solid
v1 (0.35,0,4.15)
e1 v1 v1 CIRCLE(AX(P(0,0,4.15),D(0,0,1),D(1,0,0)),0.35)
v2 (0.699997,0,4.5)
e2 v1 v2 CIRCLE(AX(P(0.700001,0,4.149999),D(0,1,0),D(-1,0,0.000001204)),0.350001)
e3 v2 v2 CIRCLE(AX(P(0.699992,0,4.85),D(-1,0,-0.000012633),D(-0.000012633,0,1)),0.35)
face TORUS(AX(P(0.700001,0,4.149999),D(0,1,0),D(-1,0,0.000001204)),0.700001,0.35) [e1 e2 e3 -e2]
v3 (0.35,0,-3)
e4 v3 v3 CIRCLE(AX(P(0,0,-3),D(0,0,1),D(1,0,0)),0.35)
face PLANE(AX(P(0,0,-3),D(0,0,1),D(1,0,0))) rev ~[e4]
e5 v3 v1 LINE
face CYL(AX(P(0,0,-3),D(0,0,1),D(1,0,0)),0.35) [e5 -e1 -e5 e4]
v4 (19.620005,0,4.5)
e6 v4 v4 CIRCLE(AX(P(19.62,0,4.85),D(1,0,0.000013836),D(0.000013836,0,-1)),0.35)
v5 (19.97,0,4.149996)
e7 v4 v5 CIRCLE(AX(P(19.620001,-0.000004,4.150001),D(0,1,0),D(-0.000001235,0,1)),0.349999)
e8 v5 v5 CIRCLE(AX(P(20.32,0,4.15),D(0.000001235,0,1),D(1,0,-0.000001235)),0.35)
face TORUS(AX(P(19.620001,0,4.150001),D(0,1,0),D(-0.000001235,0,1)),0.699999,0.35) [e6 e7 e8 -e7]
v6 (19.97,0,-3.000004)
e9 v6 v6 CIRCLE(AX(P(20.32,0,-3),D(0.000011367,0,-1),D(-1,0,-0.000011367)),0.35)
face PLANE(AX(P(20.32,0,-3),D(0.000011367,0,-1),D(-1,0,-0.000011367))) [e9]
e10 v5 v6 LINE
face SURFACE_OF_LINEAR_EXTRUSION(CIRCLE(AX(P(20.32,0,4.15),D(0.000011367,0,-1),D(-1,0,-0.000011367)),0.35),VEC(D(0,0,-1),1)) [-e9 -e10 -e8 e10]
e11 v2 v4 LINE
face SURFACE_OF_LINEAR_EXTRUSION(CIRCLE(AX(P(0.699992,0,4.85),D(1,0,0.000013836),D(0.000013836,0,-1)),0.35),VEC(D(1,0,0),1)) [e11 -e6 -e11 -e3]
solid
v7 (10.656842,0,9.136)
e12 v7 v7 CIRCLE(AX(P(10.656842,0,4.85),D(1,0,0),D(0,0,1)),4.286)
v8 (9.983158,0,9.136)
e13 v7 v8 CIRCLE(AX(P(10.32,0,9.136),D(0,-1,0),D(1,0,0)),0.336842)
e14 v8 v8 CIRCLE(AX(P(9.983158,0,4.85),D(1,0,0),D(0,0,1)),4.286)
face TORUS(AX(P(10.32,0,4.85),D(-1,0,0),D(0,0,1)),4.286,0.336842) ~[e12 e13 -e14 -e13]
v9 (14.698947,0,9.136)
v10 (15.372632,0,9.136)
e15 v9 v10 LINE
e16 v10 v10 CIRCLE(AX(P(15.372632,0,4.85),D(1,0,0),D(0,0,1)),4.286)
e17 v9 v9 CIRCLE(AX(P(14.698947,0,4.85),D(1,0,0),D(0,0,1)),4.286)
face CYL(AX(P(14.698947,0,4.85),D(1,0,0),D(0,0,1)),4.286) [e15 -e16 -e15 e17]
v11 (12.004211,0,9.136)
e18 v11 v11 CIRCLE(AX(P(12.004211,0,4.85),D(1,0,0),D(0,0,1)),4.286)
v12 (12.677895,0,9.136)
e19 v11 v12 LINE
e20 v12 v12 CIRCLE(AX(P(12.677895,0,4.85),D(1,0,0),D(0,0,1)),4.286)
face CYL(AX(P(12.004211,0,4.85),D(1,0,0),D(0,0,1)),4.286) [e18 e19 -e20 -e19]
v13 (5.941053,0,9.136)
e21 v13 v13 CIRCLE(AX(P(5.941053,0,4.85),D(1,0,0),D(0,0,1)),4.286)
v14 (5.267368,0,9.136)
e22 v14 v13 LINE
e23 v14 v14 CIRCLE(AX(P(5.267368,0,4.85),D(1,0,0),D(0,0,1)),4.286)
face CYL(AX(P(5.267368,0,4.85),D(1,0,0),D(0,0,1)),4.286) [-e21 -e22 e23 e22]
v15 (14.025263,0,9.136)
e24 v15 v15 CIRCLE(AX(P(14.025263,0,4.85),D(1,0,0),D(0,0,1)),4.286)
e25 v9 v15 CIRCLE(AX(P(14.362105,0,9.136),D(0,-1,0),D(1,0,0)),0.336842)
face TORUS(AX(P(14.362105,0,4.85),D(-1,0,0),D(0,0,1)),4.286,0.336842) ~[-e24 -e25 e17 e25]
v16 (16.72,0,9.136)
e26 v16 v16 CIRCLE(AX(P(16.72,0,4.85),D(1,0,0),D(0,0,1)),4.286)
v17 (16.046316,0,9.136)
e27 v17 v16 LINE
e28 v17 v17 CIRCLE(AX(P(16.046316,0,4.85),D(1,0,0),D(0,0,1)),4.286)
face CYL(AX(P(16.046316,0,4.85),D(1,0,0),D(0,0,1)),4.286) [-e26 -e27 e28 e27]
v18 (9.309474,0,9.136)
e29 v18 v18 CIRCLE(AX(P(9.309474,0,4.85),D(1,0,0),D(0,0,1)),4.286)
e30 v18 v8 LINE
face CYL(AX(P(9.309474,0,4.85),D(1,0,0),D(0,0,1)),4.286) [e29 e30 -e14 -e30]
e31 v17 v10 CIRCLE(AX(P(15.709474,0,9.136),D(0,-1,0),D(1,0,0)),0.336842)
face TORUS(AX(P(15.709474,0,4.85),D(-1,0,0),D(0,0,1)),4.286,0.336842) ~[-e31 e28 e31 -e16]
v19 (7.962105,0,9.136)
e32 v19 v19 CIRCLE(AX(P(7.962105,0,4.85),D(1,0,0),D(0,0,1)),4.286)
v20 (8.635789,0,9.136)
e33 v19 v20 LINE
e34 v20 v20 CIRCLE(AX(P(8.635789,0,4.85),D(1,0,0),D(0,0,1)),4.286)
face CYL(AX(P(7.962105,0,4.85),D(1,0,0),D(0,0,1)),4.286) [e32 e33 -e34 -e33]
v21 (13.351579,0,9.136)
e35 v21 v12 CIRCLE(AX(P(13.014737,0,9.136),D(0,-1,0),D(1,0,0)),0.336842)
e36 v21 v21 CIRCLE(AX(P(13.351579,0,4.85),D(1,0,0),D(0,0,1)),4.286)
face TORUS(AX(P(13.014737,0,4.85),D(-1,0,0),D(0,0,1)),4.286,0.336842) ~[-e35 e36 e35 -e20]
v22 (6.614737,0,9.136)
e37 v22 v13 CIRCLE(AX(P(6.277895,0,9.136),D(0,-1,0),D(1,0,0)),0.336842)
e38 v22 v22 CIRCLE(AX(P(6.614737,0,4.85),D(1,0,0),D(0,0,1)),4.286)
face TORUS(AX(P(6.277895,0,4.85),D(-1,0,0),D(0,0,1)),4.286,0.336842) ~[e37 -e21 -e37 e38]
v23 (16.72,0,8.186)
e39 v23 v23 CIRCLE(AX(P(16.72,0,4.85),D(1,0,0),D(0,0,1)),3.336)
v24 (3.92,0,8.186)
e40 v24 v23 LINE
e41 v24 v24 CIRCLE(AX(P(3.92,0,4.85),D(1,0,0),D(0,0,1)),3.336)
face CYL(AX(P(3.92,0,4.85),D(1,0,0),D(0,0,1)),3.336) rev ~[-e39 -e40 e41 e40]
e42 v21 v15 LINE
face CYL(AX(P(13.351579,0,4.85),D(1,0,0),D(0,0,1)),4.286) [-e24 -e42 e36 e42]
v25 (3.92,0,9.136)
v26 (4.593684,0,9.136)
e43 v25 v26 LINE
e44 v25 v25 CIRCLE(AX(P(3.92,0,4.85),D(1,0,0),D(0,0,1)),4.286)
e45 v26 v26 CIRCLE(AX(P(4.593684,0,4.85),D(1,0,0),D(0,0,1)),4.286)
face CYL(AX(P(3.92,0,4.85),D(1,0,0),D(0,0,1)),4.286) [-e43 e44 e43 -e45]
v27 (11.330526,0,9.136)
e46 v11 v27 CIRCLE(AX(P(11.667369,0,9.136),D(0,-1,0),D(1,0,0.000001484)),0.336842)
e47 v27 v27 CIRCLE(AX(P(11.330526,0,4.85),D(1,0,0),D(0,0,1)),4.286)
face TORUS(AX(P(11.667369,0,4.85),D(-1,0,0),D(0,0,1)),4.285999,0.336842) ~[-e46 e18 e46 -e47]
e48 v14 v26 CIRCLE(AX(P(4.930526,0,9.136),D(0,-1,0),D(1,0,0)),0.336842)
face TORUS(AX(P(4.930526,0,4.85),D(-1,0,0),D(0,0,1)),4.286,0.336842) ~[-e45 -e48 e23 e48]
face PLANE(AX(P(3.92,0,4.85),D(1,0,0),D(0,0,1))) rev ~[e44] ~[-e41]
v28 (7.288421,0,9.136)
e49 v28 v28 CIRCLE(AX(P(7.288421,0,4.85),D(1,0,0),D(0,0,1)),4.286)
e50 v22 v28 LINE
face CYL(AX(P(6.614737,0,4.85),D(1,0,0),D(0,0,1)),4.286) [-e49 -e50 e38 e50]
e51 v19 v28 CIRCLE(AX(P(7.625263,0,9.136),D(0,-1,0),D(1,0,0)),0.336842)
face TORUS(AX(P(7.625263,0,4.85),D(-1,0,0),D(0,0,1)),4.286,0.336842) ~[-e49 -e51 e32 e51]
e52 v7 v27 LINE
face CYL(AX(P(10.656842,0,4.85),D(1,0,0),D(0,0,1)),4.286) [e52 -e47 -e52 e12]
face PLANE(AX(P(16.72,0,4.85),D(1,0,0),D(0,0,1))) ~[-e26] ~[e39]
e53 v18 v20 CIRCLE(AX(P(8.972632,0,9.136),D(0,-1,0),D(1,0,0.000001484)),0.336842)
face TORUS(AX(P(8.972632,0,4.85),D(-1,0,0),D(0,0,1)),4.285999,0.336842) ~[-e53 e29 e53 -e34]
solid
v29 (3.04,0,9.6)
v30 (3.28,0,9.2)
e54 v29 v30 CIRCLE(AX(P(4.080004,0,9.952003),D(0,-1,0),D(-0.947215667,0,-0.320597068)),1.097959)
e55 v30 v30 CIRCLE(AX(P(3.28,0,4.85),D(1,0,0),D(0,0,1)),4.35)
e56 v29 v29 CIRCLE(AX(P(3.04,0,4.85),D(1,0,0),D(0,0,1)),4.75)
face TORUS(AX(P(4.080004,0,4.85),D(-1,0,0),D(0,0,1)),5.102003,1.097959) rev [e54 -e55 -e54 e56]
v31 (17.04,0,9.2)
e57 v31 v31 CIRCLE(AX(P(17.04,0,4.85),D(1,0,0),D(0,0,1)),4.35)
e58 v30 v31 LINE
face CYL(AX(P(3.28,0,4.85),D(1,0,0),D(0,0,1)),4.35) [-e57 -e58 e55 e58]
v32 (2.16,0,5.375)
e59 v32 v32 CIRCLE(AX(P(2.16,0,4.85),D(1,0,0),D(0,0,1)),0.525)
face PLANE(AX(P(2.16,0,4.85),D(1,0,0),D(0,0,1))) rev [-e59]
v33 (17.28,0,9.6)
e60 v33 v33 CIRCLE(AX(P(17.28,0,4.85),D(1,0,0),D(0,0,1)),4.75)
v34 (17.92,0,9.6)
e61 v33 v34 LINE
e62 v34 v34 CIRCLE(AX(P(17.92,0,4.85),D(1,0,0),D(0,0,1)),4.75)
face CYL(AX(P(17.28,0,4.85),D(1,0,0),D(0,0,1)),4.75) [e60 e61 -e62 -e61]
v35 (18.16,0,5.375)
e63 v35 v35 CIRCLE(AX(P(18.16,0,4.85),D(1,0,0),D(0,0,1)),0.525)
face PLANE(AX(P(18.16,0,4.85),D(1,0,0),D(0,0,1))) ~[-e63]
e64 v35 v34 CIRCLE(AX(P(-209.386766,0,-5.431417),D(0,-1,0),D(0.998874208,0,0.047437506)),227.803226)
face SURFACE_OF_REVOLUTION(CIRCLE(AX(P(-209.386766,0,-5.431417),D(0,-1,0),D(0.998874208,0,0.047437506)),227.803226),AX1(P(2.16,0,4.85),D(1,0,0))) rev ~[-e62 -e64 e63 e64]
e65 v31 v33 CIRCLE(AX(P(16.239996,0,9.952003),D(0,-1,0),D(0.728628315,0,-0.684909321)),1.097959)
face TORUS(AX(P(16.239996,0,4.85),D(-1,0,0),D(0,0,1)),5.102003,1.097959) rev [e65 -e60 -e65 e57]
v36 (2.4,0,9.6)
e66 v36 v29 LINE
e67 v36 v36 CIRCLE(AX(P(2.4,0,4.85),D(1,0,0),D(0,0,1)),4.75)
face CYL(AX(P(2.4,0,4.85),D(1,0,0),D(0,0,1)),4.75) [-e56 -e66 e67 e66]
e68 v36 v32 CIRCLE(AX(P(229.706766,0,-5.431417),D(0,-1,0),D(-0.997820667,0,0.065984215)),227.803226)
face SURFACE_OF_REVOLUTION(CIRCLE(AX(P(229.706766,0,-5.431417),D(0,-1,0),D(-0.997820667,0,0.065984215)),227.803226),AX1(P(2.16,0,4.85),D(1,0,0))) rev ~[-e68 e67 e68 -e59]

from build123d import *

# Parameters (mm, degrees)
SKETCH_R = 0.35


with BuildPart() as revolution:
    # Sketch002 → Revolution (revolve)
    with BuildSketch(Plane.XZ):
        with BuildLine():
            Line((2.4, 9.6), (3.04, 9.6))
            ThreePointArc((3.04, 9.6), (3.138512, 9.387107), (3.28, 9.2))
            Line((3.28, 9.2), (17.04, 9.2))
            ThreePointArc((17.04, 9.2), (17.181488, 9.387107), (17.28, 9.6))
            Line((17.28, 9.6), (17.92, 9.6))
            ThreePointArc((18.16, 5.375), (18.049811, 7.488057), (17.92, 9.6))
            Line((18.16, 4.85), (18.16, 5.375))
            Line((2.16, 4.85), (18.16, 4.85))
            Line((2.16, 4.85), (2.16, 5.375))
            ThreePointArc((2.4, 9.6), (2.270189, 7.488057), (2.16, 5.375))
        make_face()
    revolve(axis=Axis((2.16, 0, 4.85), (1, 0, 0)))


with BuildPart() as sweep_body:
    # Sweep: sweep along a path in Sketch001
    with BuildLine(Plane.XZ) as sweep_path:
        Line((0, -3), (0, 4.15))
        ThreePointArc((0, 4.15), (0.205023, 4.644972), (0.699992, 4.85))
        Line((0.699992, 4.85), (19.62, 4.85))
        ThreePointArc((19.62, 4.85), (20.114975, 4.644975), (20.32, 4.15))
        Line((20.32, 4.15), (20.32, -3))
    # Sketch → Sweep (sweep)
    with BuildSketch(Plane.XY.offset(-2)):
        Circle(SKETCH_R)
    sweep(path=sweep_path.line)


with BuildPart() as revolution001:
    # Sketch003 → Revolution001 (revolve)
    with BuildSketch(Plane.XZ):
        with BuildLine():
            ThreePointArc((5.267368, 9.136), (4.930526, 9.472842), (4.593684, 9.136))
            Line((3.92, 9.136), (4.593684, 9.136))
            Line((3.92, 9.136), (3.92, 8.186))
            Line((3.92, 8.186), (16.72, 8.186))
            Line((16.72, 8.186), (16.72, 9.136))
            Line((16.046316, 9.136), (16.72, 9.136))
            ThreePointArc((16.046316, 9.136), (15.709474, 9.472842), (15.372632, 9.136))
            Line((14.698947, 9.136), (15.372632, 9.136))
            ThreePointArc((14.698947, 9.136), (14.362105, 9.472842), (14.025263, 9.136))
            Line((13.351579, 9.136), (14.025263, 9.136))
            ThreePointArc((13.351579, 9.136), (13.014737, 9.472842), (12.677895, 9.136))
            Line((12.004211, 9.136), (12.677895, 9.136))
            ThreePointArc((12.004211, 9.136), (11.667368, 9.472842), (11.330526, 9.136))
            Line((10.656842, 9.136), (11.330526, 9.136))
            ThreePointArc((10.656842, 9.136), (10.32, 9.472842), (9.983158, 9.136))
            Line((9.309474, 9.136), (9.983158, 9.136))
            ThreePointArc((9.309474, 9.136), (8.972632, 9.472842), (8.635789, 9.136))
            Line((7.962105, 9.136), (8.635789, 9.136))
            ThreePointArc((7.962105, 9.136), (7.625263, 9.472842), (7.288421, 9.136))
            Line((6.614737, 9.136), (7.288421, 9.136))
            ThreePointArc((6.614737, 9.136), (6.277895, 9.472842), (5.941053, 9.136))
            Line((5.267368, 9.136), (5.941053, 9.136))
        make_face()
    revolve(axis=Axis((2.56, 0, 4.85), (1, 0, 0)))


solid = Compound([revolution.part, sweep_body.part, revolution001.part])
